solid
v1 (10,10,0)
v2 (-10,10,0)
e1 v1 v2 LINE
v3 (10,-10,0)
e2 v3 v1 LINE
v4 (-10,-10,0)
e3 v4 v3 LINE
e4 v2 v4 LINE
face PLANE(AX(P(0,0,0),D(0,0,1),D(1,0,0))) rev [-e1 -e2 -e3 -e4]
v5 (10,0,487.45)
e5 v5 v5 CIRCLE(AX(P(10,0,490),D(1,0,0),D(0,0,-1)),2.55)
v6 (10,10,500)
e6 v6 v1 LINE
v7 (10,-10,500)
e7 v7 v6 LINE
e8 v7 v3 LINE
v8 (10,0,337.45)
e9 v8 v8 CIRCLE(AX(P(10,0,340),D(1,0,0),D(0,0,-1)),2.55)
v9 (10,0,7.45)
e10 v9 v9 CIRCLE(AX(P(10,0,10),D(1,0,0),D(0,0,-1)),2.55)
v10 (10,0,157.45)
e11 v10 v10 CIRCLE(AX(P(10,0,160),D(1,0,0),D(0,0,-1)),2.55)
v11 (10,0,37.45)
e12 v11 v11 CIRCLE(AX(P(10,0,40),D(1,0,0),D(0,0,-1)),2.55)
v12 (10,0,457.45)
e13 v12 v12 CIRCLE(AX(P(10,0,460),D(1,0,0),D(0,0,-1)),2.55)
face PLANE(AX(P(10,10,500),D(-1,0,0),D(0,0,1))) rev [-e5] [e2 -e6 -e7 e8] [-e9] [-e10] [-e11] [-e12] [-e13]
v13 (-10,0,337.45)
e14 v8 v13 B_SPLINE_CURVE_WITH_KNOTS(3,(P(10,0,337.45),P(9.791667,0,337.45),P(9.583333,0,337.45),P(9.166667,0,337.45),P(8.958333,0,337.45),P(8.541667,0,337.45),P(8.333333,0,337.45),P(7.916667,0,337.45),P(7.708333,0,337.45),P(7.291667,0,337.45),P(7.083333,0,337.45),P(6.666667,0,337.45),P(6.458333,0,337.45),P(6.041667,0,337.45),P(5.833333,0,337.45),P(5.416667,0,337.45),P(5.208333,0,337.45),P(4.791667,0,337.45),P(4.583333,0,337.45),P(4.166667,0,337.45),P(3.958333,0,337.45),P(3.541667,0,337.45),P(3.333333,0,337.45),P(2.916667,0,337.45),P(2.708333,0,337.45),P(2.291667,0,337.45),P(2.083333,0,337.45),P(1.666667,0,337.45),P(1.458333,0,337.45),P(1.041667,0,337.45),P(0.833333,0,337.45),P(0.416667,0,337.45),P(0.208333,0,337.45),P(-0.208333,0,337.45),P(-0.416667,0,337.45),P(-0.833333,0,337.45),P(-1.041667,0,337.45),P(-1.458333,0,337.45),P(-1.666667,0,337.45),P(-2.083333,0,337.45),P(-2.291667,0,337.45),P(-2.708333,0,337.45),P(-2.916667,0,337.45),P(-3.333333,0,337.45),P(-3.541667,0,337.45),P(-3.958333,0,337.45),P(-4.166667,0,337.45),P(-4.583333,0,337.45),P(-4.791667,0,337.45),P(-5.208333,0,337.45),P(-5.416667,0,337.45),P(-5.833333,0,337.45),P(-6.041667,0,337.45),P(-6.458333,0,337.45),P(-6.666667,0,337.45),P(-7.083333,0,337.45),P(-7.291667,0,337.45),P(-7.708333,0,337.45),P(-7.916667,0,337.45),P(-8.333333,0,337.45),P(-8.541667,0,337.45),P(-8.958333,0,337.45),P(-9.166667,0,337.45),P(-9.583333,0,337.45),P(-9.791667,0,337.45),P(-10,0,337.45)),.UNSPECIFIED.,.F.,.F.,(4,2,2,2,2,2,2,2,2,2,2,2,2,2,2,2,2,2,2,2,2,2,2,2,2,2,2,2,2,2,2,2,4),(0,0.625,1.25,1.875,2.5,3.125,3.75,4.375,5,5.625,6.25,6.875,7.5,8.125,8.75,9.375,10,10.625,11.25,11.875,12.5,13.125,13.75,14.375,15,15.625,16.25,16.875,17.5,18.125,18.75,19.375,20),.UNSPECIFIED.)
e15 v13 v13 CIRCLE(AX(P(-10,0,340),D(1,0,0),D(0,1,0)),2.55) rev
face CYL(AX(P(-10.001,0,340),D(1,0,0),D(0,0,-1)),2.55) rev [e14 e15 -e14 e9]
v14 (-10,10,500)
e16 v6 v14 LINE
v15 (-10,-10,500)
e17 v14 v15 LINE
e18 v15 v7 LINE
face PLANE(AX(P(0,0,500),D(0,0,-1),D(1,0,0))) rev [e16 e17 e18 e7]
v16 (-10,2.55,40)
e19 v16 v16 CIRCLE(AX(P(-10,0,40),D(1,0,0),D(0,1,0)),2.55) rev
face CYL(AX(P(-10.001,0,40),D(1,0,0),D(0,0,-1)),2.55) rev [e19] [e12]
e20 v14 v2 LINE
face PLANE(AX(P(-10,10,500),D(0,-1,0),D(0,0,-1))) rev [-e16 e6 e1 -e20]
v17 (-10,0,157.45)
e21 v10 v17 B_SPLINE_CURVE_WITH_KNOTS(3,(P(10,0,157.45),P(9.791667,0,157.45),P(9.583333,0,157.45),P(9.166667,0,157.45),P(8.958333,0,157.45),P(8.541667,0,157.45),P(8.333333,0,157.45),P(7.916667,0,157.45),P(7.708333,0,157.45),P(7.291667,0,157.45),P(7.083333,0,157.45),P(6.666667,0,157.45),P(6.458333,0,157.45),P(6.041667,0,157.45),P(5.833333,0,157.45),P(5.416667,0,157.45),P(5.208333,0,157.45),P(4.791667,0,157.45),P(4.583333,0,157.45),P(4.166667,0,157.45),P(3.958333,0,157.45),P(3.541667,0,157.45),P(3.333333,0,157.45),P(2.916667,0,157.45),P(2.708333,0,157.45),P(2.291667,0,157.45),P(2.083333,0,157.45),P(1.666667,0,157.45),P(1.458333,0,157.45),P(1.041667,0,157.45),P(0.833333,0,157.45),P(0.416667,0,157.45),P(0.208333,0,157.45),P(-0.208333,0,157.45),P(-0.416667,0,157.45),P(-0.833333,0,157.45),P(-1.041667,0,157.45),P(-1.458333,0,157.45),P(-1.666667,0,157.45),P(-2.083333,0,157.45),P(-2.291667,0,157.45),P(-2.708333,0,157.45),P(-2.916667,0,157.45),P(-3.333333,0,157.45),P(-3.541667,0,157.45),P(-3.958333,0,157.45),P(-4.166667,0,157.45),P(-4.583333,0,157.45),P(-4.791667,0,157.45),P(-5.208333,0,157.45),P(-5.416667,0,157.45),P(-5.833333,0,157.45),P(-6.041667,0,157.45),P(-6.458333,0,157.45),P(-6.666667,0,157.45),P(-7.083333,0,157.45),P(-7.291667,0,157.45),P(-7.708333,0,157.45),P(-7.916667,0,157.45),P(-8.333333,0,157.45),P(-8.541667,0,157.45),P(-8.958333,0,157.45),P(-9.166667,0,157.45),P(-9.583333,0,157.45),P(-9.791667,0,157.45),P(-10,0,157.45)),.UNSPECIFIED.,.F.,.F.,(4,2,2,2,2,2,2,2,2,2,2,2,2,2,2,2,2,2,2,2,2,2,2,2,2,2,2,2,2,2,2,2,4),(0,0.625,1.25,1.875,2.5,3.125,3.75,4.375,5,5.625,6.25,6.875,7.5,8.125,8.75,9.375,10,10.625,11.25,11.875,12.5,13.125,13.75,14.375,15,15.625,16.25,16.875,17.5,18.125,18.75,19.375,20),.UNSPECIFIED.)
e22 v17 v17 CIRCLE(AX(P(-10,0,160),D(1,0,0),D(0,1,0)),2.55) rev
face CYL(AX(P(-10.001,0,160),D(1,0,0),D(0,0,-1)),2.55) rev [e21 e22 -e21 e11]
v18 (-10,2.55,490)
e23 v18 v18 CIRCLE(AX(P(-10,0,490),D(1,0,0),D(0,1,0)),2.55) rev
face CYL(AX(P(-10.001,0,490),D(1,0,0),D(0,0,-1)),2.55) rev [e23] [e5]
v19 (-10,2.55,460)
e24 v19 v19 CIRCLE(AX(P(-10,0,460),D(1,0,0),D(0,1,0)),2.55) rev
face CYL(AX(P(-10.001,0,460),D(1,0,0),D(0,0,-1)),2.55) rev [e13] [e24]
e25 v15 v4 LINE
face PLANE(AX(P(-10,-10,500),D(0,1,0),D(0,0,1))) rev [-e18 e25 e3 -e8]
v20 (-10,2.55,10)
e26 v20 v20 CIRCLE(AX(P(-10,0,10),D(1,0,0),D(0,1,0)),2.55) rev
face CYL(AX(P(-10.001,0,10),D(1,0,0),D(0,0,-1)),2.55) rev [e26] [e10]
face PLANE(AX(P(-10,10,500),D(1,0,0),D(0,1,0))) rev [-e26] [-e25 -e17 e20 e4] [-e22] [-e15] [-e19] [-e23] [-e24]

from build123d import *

# Parameters (mm, degrees)
SKETCH_1_W          = 20
SKETCH_1_H          = 20
EXTRUDE_2_DEPTH     = 500
CUT_EXTRUDE_1_REACH = 502.5
SKETCH_2_R          = 2.55
SKETCH_3_W          = 20
SKETCH_3_H          = 50
EXTRUDE_3_DEPTH     = 20
SKETCH_4_R          = 2.55
CUT_EXTRUDE_2_DEPTH = 20
SKETCH_5_W          = 20
SKETCH_5_H          = 20
CUT_EXTRUDE_3_DEPTH = 250
CUT_EXTRUDE_4_REACH = 503.298
SKETCH_6_R          = 2.55
SKETCH_7_W          = 50
SKETCH_7_H          = 20
CUT_EXTRUDE_5_DEPTH = 250
CUT_EXTRUDE_6_REACH = 502.5
SKETCH_8_R          = 2.55


with BuildPart() as part:
    # 草图1 → 凸台-拉伸2 (new body)
    with BuildSketch(Plane.XY):
        Rectangle(SKETCH_1_W, SKETCH_1_H)
    extrude_2 = extrude(amount=EXTRUDE_2_DEPTH)

    # 草图2 → 切除-拉伸1 (cut, up to next)
    with BuildSketch(Plane(origin=(10, 0, 0), x_dir=(0, 0, -1), z_dir=(1, 0, 0)), mode=Mode.PRIVATE) as cut_extrude_1_sk1:
        with Locations((-10, 0)):
            Circle(SKETCH_2_R)
    cut_extrude_1_tool1 = extrude(cut_extrude_1_sk1.sketch, amount=-CUT_EXTRUDE_1_REACH, mode=Mode.PRIVATE) & part.part
    # 草图2 → 切除-拉伸1 (cut, up to next)
    with BuildSketch(Plane(origin=(10, 0, 0), x_dir=(0, 0, -1), z_dir=(1, 0, 0)), mode=Mode.PRIVATE) as cut_extrude_1_sk2:
        with Locations((-40, 0)):
            Circle(SKETCH_2_R)
    cut_extrude_1_tool2 = extrude(cut_extrude_1_sk2.sketch, amount=-CUT_EXTRUDE_1_REACH, mode=Mode.PRIVATE) & part.part
    add(cut_extrude_1_tool1.solids().sort_by_distance((10, 0, 10))[0], mode=Mode.SUBTRACT)
    add(cut_extrude_1_tool2.solids().sort_by_distance((10, 0, 40))[0], mode=Mode.SUBTRACT)

    # 草图3 → 凸台-拉伸3 (add)
    with BuildSketch(Plane.XZ.offset(10)):
        with Locations((0, 25)):
            Rectangle(SKETCH_3_W, SKETCH_3_H)
    extrude_3 = extrude(amount=EXTRUDE_3_DEPTH)

    # 草图4 → 切除-拉伸2 (cut)
    with BuildSketch(Plane(origin=(10, 0, 0), x_dir=(0, 0, -1), z_dir=(1, 0, 0))):
        with Locations((-40, -20)):
            Circle(SKETCH_4_R)
        with Locations((-10, -20)):
            Circle(SKETCH_4_R)
    extrude(amount=-CUT_EXTRUDE_2_DEPTH, mode=Mode.SUBTRACT)

    # 草图5 → 切除-拉伸3 (cut)
    with BuildSketch(Plane.XY.offset(500)):
        Rectangle(SKETCH_5_W, SKETCH_5_H)
    extrude(amount=-CUT_EXTRUDE_3_DEPTH, mode=Mode.SUBTRACT)

    # 镜向2: 凸台-拉伸2, 凸台-拉伸3 across plane
    add(extrude_2.mirror(Plane(origin=(0, 0, 250), x_dir=(1, 0, 0), z_dir=(0, 0, -1))))
    add(extrude_3.mirror(Plane(origin=(0, 0, 250), x_dir=(1, 0, 0), z_dir=(0, 0, -1))))

    # 草图6 → 切除-拉伸4 (cut, up to next)
    with BuildSketch(Plane(origin=(10, 0, 0), x_dir=(0, 0, -1), z_dir=(1, 0, 0)), mode=Mode.PRIVATE) as cut_extrude_4_sk1:
        with Locations((-490, 0)):
            Circle(SKETCH_6_R)
    cut_extrude_4_tool1 = extrude(cut_extrude_4_sk1.sketch, amount=-CUT_EXTRUDE_4_REACH, mode=Mode.PRIVATE) & part.part
    # 草图6 → 切除-拉伸4 (cut, up to next)
    with BuildSketch(Plane(origin=(10, 0, 0), x_dir=(0, 0, -1), z_dir=(1, 0, 0)), mode=Mode.PRIVATE) as cut_extrude_4_sk2:
        with Locations((-460, 0)):
            Circle(SKETCH_6_R)
    cut_extrude_4_tool2 = extrude(cut_extrude_4_sk2.sketch, amount=-CUT_EXTRUDE_4_REACH, mode=Mode.PRIVATE) & part.part
    # 草图6 → 切除-拉伸4 (cut, up to next)
    with BuildSketch(Plane(origin=(10, 0, 0), x_dir=(0, 0, -1), z_dir=(1, 0, 0)), mode=Mode.PRIVATE) as cut_extrude_4_sk3:
        with Locations((-460, -20)):
            Circle(SKETCH_6_R)
    cut_extrude_4_tool3 = extrude(cut_extrude_4_sk3.sketch, amount=-CUT_EXTRUDE_4_REACH, mode=Mode.PRIVATE) & part.part
    # 草图6 → 切除-拉伸4 (cut, up to next)
    with BuildSketch(Plane(origin=(10, 0, 0), x_dir=(0, 0, -1), z_dir=(1, 0, 0)), mode=Mode.PRIVATE) as cut_extrude_4_sk4:
        with Locations((-490, -20)):
            Circle(SKETCH_6_R)
    cut_extrude_4_tool4 = extrude(cut_extrude_4_sk4.sketch, amount=-CUT_EXTRUDE_4_REACH, mode=Mode.PRIVATE) & part.part
    # 草图6 → 切除-拉伸4 (cut, up to next)
    with BuildSketch(Plane(origin=(10, 0, 0), x_dir=(0, 0, -1), z_dir=(1, 0, 0)), mode=Mode.PRIVATE) as cut_extrude_4_sk5:
        with Locations((-10, 0)):
            Circle(SKETCH_6_R)
    cut_extrude_4_tool5 = extrude(cut_extrude_4_sk5.sketch, amount=-CUT_EXTRUDE_4_REACH, mode=Mode.PRIVATE) & part.part
    # 草图6 → 切除-拉伸4 (cut, up to next)
    with BuildSketch(Plane(origin=(10, 0, 0), x_dir=(0, 0, -1), z_dir=(1, 0, 0)), mode=Mode.PRIVATE) as cut_extrude_4_sk6:
        with Locations((-40, 0)):
            Circle(SKETCH_6_R)
    cut_extrude_4_tool6 = extrude(cut_extrude_4_sk6.sketch, amount=-CUT_EXTRUDE_4_REACH, mode=Mode.PRIVATE) & part.part
    add(cut_extrude_4_tool1.solids().sort_by_distance((10, 0, 490))[0], mode=Mode.SUBTRACT)
    add(cut_extrude_4_tool2.solids().sort_by_distance((10, 0, 460))[0], mode=Mode.SUBTRACT)
    add(cut_extrude_4_tool3.solids().sort_by_distance((10, -20, 460))[0], mode=Mode.SUBTRACT)
    add(cut_extrude_4_tool4.solids().sort_by_distance((10, -20, 490))[0], mode=Mode.SUBTRACT)
    add(cut_extrude_4_tool5.solids().sort_by_distance((10, 0, 10))[0], mode=Mode.SUBTRACT)
    add(cut_extrude_4_tool6.solids().sort_by_distance((10, 0, 40))[0], mode=Mode.SUBTRACT)

    # 草图7 → 切除-拉伸5 (cut)
    with BuildSketch(Plane(origin=(10, 0, 0), x_dir=(0, 0, -1), z_dir=(1, 0, 0))):
        with Locations((-475, -20)):
            Rectangle(SKETCH_7_W, SKETCH_7_H)
        with Locations((-25, -20)):
            Rectangle(SKETCH_7_W, SKETCH_7_H)
    extrude(amount=-CUT_EXTRUDE_5_DEPTH, mode=Mode.SUBTRACT)

    # 草图8 → 切除-拉伸6 (cut, up to next)
    with BuildSketch(Plane(origin=(10, 0, 0), x_dir=(0, 0, -1), z_dir=(1, 0, 0)), mode=Mode.PRIVATE) as cut_extrude_6_sk1:
        with Locations((-340, 0)):
            Circle(SKETCH_8_R)
    cut_extrude_6_tool1 = extrude(cut_extrude_6_sk1.sketch, amount=-CUT_EXTRUDE_6_REACH, mode=Mode.PRIVATE) & part.part
    # 草图8 → 切除-拉伸6 (cut, up to next)
    with BuildSketch(Plane(origin=(10, 0, 0), x_dir=(0, 0, -1), z_dir=(1, 0, 0)), mode=Mode.PRIVATE) as cut_extrude_6_sk2:
        with Locations((-160, 0)):
            Circle(SKETCH_8_R)
    cut_extrude_6_tool2 = extrude(cut_extrude_6_sk2.sketch, amount=-CUT_EXTRUDE_6_REACH, mode=Mode.PRIVATE) & part.part
    add(cut_extrude_6_tool1.solids().sort_by_distance((10, 0, 340))[0], mode=Mode.SUBTRACT)
    add(cut_extrude_6_tool2.solids().sort_by_distance((10, 0, 160))[0], mode=Mode.SUBTRACT)


solid = part.part
